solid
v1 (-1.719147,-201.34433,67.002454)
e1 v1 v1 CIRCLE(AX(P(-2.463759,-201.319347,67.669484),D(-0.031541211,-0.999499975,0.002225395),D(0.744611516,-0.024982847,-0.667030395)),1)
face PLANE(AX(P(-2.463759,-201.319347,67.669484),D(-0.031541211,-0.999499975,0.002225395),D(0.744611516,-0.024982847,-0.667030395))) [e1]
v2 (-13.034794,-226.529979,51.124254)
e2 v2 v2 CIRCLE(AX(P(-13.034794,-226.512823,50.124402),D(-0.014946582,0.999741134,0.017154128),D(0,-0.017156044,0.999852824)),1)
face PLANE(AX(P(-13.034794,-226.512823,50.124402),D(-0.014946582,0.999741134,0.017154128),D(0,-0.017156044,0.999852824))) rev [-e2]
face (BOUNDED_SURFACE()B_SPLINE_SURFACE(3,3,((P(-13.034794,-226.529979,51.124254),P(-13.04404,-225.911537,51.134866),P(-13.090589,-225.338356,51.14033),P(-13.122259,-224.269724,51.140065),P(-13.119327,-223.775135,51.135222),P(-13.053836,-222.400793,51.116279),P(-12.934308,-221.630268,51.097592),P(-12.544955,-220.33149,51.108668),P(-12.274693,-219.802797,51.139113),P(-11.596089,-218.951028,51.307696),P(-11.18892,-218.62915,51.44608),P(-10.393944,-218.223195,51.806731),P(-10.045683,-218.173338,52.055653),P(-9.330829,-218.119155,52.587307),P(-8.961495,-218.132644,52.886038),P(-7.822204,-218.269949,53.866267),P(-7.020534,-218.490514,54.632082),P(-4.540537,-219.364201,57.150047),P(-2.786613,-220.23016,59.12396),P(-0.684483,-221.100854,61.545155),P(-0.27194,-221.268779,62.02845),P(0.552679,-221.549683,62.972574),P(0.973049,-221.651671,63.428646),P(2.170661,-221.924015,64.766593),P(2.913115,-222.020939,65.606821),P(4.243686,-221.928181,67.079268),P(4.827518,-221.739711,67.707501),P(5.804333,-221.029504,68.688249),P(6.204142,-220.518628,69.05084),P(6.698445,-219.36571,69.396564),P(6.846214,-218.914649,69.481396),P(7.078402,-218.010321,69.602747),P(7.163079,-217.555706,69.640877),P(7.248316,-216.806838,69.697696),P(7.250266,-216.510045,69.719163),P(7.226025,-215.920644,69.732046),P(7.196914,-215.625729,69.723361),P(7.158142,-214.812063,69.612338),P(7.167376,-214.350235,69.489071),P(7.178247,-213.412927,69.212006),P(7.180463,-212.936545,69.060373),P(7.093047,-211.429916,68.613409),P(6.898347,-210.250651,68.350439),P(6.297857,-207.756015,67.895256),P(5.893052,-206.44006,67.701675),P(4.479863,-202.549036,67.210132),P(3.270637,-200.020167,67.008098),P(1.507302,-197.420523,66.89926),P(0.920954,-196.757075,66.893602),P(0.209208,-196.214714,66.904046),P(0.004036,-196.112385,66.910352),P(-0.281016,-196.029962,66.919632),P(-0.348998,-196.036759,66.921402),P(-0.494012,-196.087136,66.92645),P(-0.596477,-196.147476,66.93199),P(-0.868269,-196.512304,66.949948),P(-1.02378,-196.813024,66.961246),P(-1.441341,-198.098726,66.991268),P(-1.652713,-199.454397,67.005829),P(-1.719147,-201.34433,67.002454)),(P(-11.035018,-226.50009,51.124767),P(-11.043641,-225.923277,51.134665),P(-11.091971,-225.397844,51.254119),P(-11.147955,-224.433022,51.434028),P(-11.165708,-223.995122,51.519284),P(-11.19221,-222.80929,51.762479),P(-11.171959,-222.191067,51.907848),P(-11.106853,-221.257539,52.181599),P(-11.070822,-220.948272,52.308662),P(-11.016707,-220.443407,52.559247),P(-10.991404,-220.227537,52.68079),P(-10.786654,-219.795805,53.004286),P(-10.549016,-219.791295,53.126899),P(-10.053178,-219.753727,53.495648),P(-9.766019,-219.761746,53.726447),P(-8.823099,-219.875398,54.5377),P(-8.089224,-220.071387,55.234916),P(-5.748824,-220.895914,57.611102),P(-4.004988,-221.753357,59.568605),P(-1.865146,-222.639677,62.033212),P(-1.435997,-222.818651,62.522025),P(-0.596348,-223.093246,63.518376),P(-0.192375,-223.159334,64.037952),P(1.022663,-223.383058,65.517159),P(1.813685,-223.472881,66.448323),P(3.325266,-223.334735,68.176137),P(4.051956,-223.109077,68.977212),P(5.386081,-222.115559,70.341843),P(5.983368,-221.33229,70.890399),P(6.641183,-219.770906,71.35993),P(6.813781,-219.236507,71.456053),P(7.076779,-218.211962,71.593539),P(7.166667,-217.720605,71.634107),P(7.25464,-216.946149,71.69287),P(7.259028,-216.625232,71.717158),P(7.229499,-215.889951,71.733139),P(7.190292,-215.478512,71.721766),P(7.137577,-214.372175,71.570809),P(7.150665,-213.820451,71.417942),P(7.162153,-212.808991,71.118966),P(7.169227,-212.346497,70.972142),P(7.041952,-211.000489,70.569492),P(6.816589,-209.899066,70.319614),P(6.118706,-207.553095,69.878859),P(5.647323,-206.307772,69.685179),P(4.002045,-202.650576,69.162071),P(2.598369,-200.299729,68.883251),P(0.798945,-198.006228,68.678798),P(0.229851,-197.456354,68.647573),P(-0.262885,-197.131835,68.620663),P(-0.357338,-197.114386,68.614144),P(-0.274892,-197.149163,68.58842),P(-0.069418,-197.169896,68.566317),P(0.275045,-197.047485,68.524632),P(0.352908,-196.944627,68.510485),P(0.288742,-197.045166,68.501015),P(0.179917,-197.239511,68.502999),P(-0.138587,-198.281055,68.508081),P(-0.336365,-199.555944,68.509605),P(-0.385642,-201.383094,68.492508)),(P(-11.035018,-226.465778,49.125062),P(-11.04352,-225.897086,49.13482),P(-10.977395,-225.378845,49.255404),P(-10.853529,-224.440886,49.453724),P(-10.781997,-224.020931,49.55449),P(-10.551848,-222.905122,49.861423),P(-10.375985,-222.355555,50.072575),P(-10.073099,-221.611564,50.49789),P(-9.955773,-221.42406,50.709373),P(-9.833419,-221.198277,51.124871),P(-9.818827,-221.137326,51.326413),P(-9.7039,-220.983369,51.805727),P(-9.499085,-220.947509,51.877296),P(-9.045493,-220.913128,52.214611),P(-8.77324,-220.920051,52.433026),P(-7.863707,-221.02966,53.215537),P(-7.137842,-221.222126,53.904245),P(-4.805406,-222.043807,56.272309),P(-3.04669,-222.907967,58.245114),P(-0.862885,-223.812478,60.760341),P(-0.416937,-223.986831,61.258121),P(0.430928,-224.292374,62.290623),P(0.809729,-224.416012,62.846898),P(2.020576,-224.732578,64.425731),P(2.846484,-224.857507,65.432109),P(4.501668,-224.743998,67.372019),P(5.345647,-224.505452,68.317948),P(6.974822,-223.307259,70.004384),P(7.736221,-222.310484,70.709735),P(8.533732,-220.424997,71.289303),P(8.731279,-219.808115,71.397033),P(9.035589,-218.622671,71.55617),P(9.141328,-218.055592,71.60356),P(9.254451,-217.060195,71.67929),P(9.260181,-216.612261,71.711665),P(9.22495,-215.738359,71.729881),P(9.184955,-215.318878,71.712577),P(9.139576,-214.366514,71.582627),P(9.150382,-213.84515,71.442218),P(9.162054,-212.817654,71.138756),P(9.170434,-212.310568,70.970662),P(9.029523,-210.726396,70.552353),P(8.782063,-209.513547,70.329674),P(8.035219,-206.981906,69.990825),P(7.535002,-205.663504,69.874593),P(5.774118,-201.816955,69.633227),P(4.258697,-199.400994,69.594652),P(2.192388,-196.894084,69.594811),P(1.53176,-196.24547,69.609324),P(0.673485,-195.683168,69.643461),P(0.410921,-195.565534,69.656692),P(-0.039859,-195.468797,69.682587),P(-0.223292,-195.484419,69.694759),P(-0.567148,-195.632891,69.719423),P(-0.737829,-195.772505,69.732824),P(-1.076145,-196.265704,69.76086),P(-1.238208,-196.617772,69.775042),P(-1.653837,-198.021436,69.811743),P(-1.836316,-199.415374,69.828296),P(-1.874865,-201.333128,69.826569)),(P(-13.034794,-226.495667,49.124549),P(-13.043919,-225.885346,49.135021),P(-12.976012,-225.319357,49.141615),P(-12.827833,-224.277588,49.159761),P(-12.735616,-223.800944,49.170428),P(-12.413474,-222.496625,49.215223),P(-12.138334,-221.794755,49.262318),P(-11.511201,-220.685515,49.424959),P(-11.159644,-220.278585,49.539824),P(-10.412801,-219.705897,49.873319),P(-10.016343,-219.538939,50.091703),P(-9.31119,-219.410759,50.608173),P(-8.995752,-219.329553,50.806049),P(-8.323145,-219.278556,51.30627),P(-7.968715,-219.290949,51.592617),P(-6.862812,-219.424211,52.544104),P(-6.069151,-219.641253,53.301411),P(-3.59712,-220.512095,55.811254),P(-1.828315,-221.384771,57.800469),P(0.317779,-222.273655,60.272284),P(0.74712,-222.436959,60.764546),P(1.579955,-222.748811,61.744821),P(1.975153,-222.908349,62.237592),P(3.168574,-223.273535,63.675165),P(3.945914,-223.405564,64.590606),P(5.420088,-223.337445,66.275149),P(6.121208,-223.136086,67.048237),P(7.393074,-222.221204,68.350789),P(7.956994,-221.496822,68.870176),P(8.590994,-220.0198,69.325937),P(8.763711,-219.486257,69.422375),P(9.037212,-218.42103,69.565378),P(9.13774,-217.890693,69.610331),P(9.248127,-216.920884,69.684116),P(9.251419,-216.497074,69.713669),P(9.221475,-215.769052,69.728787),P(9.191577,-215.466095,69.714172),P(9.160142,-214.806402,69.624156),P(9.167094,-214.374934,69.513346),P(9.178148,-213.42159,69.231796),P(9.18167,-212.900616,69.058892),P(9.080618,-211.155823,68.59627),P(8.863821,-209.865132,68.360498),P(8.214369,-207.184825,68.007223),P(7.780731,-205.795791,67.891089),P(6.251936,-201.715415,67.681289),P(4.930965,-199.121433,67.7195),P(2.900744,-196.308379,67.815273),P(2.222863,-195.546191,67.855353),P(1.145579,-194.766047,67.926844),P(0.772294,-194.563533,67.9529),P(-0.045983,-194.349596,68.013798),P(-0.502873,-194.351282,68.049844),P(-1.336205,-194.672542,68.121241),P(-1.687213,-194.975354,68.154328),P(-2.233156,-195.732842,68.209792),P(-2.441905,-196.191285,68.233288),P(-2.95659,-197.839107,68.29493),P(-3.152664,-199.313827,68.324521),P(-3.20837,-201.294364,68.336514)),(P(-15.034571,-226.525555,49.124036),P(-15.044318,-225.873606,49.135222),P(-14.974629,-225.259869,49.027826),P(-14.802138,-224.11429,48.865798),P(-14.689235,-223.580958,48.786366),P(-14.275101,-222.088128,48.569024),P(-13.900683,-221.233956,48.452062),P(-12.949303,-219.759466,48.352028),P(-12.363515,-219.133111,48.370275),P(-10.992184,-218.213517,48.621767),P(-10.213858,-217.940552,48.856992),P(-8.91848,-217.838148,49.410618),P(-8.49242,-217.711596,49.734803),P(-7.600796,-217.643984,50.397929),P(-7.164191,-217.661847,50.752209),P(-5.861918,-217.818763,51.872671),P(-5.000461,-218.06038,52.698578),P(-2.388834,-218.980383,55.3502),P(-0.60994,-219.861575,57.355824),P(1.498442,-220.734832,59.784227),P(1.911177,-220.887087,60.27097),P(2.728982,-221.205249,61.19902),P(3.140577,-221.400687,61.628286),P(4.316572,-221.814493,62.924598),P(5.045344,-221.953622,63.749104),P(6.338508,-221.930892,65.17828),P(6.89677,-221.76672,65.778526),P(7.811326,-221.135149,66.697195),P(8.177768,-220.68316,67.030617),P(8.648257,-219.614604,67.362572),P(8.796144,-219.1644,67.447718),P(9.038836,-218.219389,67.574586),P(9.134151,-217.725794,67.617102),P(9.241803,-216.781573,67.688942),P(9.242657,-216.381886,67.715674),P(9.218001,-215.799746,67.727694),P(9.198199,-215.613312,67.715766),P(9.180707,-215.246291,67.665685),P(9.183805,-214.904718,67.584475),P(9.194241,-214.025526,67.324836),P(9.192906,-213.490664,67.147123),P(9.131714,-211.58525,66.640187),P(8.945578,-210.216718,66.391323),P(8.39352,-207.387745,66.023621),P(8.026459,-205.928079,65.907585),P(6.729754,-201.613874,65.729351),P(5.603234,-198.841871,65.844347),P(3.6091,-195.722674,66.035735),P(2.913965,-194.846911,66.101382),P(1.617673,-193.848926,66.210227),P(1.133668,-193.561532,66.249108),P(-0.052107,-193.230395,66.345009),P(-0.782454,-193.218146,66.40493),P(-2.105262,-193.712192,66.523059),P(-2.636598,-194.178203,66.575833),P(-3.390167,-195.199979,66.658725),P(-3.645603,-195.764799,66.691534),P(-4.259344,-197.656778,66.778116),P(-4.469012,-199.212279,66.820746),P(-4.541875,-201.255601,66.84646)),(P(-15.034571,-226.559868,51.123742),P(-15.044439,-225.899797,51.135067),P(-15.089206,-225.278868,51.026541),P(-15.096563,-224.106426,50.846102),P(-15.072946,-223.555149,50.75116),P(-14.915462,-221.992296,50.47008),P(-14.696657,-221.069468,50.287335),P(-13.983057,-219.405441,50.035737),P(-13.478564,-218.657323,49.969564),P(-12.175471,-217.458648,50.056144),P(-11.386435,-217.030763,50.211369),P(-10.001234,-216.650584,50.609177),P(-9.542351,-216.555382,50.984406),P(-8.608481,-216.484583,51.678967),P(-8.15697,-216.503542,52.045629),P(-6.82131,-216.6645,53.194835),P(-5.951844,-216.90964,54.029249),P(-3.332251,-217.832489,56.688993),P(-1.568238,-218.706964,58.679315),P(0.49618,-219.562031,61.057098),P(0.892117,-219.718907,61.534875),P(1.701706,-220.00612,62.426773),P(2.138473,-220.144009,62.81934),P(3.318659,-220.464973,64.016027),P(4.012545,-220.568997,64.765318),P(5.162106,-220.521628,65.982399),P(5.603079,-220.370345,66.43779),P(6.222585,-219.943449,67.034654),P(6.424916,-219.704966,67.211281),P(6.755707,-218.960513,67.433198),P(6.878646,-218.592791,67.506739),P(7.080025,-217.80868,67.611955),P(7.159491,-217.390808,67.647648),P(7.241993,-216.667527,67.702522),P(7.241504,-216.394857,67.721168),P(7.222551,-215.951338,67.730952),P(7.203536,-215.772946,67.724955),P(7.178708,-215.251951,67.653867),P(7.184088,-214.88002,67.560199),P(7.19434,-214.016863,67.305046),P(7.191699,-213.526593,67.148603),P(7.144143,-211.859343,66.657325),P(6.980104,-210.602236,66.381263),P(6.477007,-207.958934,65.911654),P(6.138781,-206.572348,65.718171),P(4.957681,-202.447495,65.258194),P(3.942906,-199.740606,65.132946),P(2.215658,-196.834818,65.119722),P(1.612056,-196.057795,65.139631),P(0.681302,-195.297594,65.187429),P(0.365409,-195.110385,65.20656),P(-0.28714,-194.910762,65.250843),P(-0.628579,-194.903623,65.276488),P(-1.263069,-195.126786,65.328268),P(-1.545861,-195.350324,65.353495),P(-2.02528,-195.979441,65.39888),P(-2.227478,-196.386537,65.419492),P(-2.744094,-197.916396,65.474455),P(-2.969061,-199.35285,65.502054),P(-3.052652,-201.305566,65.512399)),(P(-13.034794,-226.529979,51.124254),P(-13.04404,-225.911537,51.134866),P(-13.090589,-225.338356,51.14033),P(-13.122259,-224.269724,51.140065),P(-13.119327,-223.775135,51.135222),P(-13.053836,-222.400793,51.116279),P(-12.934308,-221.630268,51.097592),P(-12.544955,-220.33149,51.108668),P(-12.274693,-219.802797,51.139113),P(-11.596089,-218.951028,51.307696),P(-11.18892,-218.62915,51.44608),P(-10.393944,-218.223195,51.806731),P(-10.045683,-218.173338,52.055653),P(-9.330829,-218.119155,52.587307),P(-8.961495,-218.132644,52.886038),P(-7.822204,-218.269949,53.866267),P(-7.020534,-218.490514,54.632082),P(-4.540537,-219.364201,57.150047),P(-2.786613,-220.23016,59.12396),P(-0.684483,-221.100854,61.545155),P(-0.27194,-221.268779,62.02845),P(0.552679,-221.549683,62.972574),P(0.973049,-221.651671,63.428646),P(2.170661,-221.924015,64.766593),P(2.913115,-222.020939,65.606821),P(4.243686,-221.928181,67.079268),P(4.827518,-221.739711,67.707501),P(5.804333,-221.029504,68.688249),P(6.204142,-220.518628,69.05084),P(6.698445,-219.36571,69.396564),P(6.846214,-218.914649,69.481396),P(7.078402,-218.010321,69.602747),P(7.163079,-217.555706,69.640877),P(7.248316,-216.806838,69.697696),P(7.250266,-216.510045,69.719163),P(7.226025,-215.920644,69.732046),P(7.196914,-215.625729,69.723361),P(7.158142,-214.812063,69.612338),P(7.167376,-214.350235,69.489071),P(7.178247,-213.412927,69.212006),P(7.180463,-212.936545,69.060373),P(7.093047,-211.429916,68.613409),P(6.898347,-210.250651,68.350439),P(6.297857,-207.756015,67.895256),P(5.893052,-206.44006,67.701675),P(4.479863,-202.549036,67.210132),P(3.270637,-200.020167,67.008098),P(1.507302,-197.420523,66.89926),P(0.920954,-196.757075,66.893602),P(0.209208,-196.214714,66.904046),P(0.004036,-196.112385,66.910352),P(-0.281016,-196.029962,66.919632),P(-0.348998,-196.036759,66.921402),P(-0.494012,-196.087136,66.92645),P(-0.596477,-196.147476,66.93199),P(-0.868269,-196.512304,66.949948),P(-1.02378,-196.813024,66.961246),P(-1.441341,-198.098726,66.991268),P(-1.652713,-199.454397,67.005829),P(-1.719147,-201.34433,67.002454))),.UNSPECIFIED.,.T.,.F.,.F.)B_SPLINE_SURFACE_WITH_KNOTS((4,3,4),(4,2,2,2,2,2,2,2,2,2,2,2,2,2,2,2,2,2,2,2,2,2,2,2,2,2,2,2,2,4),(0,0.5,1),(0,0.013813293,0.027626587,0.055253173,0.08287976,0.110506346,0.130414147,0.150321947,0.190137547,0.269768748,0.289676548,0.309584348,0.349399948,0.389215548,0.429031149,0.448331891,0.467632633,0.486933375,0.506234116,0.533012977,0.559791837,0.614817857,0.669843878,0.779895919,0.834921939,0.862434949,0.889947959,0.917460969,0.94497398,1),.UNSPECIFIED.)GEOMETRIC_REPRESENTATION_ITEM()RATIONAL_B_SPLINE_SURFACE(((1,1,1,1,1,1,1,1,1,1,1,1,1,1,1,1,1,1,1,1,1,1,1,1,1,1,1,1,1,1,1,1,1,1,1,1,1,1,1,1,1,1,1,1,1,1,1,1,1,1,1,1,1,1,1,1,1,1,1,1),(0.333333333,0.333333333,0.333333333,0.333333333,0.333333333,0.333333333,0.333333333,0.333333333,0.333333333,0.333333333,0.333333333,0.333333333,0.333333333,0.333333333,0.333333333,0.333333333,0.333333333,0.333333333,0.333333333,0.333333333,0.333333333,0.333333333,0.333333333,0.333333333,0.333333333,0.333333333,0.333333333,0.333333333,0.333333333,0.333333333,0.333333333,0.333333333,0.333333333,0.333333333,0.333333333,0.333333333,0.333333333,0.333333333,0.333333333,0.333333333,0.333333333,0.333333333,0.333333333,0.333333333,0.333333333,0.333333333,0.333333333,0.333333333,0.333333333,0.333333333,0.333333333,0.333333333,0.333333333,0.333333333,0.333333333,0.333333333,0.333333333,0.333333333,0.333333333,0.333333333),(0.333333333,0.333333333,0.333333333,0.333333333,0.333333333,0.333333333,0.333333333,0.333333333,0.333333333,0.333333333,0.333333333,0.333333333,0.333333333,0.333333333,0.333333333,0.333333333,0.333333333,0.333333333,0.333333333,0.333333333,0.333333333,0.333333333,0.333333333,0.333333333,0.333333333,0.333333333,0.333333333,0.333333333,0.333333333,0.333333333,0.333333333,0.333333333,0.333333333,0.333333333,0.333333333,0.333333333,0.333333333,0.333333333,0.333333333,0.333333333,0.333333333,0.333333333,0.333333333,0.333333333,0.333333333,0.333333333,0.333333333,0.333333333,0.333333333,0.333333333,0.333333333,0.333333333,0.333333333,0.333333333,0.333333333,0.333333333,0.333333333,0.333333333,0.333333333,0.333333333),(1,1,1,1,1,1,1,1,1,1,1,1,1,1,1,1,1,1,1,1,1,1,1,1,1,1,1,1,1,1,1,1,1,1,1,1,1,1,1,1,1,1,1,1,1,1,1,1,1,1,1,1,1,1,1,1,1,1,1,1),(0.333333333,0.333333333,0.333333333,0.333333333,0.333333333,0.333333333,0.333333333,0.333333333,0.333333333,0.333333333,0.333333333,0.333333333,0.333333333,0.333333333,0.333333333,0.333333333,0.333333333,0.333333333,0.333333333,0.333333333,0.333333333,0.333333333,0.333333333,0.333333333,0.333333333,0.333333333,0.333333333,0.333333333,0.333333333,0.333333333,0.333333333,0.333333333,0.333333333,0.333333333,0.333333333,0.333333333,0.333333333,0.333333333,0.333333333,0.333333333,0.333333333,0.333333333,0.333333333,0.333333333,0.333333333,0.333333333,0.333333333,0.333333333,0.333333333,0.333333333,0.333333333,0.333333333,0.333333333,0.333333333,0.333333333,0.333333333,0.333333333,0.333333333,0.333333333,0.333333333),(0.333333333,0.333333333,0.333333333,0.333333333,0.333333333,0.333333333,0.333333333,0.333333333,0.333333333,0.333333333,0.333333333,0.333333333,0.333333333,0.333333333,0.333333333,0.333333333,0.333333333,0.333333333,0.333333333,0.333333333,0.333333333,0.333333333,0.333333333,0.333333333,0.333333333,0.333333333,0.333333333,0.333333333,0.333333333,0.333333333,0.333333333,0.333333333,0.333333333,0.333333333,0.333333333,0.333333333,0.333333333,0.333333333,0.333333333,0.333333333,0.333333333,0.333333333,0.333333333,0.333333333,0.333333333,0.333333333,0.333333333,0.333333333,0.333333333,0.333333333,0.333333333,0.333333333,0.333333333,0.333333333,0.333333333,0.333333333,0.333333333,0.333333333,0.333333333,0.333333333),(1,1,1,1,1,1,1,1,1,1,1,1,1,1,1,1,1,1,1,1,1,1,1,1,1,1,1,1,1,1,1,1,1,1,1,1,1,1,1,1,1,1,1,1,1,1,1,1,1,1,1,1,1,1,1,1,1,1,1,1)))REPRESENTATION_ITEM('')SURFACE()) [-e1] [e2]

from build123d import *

# Parameters (mm, degrees)
SWEEP1_PROFILE_R = 1


with BuildPart() as part:
    # Sweep1: sweep along a curve in space
    with BuildLine() as sweep1_path:
        add(Edge.make_bspline(
            [(-13.034794242, -226.512822725, 50.124401632), (-13.108276471, -221.597772037, 50.20873687), (-8.457720505, -213.646301254, 49.414748273), (5.622657423, -228.47278003, 68.718876559), (8.3806751, -216.991623457, 69.691589116), (8.08796509, -215.026725213, 69.803625622), (8.813338965, -205.803841532, 66.320883125), (-1.975196898, -185.837464477, 67.635013404), (-2.463758516, -201.319347137, 67.669483948)],
            knots=[0, 0, 0, 0, 0.110506346, 0.429031149, 0.469068496, 0.506234116, 0.559791837, 1, 1, 1, 1], degree=3))
    # Sweep1 profile (on start of the path) → Sweep1 (sweep)
    with BuildSketch(Plane(origin=(-13.034794242, -226.512822725, 50.124401632), x_dir=(0, -0.01715604396711434, 0.9998528242473482), z_dir=(-0.014946581808143426, 0.9997411342947877, 0.017154127527324058))):
        Circle(SWEEP1_PROFILE_R)
    sweep(path=sweep1_path.line)


solid = part.part
